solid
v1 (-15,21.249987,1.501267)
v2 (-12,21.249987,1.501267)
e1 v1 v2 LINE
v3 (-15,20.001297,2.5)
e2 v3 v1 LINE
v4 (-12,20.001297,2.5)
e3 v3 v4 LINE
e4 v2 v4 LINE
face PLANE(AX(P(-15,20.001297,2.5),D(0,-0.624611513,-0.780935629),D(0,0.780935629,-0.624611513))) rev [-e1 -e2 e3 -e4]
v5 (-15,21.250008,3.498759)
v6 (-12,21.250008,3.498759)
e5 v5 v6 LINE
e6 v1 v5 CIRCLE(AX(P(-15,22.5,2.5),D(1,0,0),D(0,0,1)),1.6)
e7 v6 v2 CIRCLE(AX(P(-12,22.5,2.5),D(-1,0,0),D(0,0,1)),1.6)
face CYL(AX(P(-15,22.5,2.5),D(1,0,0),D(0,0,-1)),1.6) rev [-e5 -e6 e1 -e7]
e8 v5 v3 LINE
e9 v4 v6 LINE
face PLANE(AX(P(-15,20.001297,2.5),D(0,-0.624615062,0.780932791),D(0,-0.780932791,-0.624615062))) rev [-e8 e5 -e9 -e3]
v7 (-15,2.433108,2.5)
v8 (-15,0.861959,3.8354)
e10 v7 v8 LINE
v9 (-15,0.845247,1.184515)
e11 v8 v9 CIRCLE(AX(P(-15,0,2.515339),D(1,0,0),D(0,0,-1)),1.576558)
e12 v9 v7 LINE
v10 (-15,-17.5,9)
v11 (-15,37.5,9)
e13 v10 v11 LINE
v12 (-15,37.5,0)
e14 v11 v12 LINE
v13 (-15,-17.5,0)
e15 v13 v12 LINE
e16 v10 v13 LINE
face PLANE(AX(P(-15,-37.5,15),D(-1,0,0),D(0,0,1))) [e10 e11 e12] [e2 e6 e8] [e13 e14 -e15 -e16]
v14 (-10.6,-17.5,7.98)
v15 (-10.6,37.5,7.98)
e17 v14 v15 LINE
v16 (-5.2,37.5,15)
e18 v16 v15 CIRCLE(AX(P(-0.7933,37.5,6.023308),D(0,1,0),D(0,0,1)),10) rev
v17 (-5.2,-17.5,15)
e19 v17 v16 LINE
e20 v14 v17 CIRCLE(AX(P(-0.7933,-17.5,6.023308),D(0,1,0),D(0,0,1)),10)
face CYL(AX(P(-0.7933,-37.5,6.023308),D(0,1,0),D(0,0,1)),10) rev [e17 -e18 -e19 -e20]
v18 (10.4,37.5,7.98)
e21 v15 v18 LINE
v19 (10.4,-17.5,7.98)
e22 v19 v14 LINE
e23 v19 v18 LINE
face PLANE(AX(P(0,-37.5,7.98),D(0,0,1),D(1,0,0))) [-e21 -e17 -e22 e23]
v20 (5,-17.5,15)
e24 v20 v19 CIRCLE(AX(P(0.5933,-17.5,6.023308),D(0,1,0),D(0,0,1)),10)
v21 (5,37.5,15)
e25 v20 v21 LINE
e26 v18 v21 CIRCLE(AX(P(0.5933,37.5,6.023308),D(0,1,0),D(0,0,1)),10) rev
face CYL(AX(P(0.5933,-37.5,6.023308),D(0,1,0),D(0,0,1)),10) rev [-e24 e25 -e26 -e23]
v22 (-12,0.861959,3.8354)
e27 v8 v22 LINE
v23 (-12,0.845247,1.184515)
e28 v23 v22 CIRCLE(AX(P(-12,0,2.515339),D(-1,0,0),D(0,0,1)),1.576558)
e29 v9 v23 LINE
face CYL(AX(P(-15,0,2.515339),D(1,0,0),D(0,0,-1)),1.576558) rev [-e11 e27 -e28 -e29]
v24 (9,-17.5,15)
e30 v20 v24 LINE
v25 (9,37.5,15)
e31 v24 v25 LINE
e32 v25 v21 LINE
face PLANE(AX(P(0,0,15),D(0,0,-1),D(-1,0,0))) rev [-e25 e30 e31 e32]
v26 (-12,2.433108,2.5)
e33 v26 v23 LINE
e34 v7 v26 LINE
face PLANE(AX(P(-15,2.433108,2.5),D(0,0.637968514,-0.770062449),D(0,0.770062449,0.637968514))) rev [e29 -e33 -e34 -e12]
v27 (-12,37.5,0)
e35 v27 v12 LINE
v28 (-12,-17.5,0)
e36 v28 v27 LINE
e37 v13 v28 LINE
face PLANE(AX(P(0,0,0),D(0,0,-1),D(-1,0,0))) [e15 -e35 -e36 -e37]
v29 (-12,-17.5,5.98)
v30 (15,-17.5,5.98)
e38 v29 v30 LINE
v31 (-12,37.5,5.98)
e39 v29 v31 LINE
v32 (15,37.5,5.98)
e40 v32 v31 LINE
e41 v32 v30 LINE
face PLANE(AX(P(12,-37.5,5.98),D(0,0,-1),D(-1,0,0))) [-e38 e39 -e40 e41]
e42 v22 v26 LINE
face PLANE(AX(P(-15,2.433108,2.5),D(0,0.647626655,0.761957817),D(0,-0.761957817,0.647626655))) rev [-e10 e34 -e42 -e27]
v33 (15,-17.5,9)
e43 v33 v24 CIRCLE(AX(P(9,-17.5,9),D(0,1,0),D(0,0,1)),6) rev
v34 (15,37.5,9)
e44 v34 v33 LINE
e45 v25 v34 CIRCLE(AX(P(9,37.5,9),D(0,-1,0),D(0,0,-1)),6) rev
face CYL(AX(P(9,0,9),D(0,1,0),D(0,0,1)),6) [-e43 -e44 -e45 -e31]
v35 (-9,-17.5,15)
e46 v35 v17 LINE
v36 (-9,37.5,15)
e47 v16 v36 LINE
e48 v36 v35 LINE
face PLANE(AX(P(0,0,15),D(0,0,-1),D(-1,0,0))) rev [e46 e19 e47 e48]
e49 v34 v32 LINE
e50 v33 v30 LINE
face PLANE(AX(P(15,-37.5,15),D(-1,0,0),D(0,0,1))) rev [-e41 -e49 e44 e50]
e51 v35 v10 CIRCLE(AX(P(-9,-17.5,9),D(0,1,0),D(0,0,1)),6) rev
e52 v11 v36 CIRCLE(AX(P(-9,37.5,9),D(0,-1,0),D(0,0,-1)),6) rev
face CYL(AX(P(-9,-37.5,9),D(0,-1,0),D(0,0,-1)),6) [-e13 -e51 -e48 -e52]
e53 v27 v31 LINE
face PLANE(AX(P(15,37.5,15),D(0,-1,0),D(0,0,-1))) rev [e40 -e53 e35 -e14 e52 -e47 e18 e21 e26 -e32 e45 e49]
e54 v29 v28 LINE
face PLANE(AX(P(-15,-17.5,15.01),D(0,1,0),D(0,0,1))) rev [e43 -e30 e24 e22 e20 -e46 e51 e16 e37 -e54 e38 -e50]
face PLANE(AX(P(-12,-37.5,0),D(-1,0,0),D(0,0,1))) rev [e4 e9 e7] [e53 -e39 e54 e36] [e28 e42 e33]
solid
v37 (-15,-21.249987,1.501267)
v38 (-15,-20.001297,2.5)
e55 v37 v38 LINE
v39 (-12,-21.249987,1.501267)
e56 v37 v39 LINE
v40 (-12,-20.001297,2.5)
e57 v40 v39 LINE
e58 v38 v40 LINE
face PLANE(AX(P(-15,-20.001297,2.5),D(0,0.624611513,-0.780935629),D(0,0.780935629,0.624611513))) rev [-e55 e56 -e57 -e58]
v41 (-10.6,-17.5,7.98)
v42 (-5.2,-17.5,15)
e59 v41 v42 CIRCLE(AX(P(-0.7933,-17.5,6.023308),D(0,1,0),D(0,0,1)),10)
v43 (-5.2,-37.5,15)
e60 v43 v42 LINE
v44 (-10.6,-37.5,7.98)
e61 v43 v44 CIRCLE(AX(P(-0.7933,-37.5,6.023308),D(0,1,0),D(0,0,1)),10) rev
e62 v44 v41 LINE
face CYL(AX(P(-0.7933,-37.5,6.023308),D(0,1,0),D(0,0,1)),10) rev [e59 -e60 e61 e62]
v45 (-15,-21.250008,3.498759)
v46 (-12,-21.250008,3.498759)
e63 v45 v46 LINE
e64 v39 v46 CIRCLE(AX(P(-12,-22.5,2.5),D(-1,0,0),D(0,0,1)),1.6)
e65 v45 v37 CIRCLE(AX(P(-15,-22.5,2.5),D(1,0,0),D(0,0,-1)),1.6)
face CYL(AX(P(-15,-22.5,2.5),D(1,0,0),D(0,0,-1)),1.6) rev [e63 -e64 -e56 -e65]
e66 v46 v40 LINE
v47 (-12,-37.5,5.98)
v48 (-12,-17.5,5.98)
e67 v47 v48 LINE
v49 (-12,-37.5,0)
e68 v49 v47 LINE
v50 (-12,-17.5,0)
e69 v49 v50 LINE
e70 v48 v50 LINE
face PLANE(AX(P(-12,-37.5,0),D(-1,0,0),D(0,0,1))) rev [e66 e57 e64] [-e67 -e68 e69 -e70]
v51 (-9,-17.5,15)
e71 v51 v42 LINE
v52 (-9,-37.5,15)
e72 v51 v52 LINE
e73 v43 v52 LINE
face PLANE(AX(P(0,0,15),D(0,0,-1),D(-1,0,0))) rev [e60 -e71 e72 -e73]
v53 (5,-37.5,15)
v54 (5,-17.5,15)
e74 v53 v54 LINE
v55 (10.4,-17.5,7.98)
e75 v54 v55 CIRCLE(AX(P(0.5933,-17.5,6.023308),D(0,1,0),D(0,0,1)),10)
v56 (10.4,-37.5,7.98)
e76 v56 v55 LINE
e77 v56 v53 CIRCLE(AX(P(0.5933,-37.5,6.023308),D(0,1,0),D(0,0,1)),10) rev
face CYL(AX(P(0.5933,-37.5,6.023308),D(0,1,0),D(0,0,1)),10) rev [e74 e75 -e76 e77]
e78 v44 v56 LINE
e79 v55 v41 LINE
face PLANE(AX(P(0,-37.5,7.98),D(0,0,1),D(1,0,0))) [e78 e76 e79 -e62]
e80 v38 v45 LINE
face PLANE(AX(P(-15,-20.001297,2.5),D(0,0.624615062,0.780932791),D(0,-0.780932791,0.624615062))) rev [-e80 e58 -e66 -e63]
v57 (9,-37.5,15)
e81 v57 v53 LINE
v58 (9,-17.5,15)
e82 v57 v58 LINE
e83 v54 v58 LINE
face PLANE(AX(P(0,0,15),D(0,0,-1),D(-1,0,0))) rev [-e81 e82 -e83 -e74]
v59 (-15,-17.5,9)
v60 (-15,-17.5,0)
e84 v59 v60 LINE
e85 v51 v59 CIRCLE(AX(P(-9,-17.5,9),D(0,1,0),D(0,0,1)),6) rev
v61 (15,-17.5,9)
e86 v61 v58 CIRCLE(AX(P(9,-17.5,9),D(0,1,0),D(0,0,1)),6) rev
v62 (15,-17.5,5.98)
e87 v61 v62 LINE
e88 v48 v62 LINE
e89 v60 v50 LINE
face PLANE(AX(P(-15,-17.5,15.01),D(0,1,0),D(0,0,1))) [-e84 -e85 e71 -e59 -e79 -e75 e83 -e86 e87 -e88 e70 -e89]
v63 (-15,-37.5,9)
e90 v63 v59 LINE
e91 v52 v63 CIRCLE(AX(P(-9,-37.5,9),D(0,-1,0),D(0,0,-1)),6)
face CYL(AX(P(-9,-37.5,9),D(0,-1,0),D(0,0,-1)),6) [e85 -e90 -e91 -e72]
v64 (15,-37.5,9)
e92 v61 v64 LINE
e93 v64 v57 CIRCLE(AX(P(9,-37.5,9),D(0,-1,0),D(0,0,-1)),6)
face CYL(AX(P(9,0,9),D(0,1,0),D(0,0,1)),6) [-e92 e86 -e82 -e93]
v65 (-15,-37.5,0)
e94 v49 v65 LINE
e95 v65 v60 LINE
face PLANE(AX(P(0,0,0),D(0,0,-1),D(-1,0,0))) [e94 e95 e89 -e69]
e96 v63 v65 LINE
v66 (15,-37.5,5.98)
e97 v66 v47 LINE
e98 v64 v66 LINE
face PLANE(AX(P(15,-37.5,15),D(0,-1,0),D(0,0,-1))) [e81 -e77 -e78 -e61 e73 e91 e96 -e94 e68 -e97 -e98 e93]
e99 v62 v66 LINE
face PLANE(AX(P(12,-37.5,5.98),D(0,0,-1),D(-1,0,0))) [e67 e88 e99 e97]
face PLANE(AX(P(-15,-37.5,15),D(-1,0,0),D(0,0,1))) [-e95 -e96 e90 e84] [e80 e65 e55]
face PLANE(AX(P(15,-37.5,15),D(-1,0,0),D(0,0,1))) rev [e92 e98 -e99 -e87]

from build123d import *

# Parameters (mm, degrees)
SKETCH1_W              = 75
SKETCH1_H              = 30
BOSS_EXTRUDE1_DEPTH    = 15
SKETCH2_W              = 10.2
SKETCH2_H              = 7.02
SKETCH2_W_2            = 24
SKETCH2_H_2            = 5.98
CUT_EXTRUDE1_DEPTH     = 78.942286341
CUT_EXTRUDE2_DEPTH     = 51.311529494
FILLET2_R              = 6
SKETCH5_W              = 3
SKETCH5_H              = 5.98
CUT_EXTRUDE3_DEPTH     = 78.942286341
SPLIT1_SURFACE_1_BACK  = 83.158
SPLIT1_SURFACE_1_DEPTH = 166.316
SPLIT1_SURFACE_2_BACK  = 83.158
SPLIT1_SURFACE_2_DEPTH = 166.316


with BuildPart() as part:
    # Sketch1 → Boss-Extrude1 (new body)
    with BuildSketch(Plane(origin=(0, 0, 0), x_dir=(0, 1, 0), z_dir=(0, 0, 1))):
        Rectangle(SKETCH1_W, SKETCH1_H)
    extrude(amount=BOSS_EXTRUDE1_DEPTH)

    # Sketch2 → Cut-Extrude1 (cut, through all)
    with BuildSketch(Plane(origin=(0, 37.5, 0), x_dir=(-1, 0, 0), z_dir=(0, 1, 0))):
        with BuildLine():
            ThreePointArc((-10.4, 7.98), (-8.519540319, 12.12041563), (-5, 15))
            Line((-5, 15), (-5, 7.98))
            Line((-5, 7.98), (-10.4, 7.98))
        make_face()
        with Locations((0.1, 11.49)):
            Rectangle(SKETCH2_W, SKETCH2_H)
        with BuildLine():
            ThreePointArc((5.2, 15), (8.719540319, 12.12041563), (10.6, 7.98))
            Line((10.6, 7.98), (5.2, 7.98))
            Line((5.2, 7.98), (5.2, 15))
        make_face()
        with Locations((0, 2.99)):
            Rectangle(SKETCH2_W_2, SKETCH2_H_2)
    extrude(amount=-CUT_EXTRUDE1_DEPTH, mode=Mode.SUBTRACT)

    # Sketch3 → Cut-Extrude2 (cut, through all)
    with BuildSketch(Plane.YZ.offset(15)):
        with BuildLine():
            Line((2.433108223, 2.5), (0.861958837, 3.835399675))
            ThreePointArc((0.861958837, 3.835399675), (-1.576526263, 2.525277483), (0.845247168, 1.184515316))
            Line((0.845247168, 1.184515316), (2.433108223, 2.5))
        make_face()
        with BuildLine():
            Line((-20.001296975, 2.5), (-21.249987066, 1.50126697))
            ThreePointArc((-21.249987066, 1.50126697), (-24.1, 2.499983501), (-21.250007664, 3.49875881))
            Line((-21.250007664, 3.49875881), (-20.001296975, 2.5))
        make_face()
        with BuildLine():
            Line((20.001296975, 2.5), (21.249987066, 1.50126697))
            ThreePointArc((21.249987066, 1.50126697), (24.1, 2.499983501), (21.250007664, 3.49875881))
            Line((21.250007664, 3.49875881), (20.001296975, 2.5))
        make_face()
    extrude(amount=-CUT_EXTRUDE2_DEPTH, mode=Mode.SUBTRACT)

    # Fillet2
    fillet2_edges = [part.edges().sort_by_distance(p)[0] for p in [
        (15, 0, 15),
        (-15, 0, 15),
    ]]
    fillet(fillet2_edges, radius=FILLET2_R)

    # Sketch5 → Cut-Extrude3 (cut, through all)
    with BuildSketch(Plane.XZ.offset(37.5)):
        with Locations((13.5, 2.99)):
            Rectangle(SKETCH5_W, SKETCH5_H)
    extrude(amount=-CUT_EXTRUDE3_DEPTH, mode=Mode.SUBTRACT)


with BuildPart() as body_2:
    # Split1: the piece behind the surface
    add(part.part)
    # Split1 surface: a surface, the sketch's curves swept straight by 166.316 mm
    with BuildLine(Plane(origin=(0, 0, 0), x_dir=(1, 0, 0), z_dir=(0, 0, -1)).offset(-SPLIT1_SURFACE_1_BACK), mode=Mode.PRIVATE) as split1_surface_1_path:
        Line((-15, 17.5), (15, 17.5))
    split1_surface_1 = Shell.extrude(split1_surface_1_path.wire(), (0 * SPLIT1_SURFACE_1_DEPTH, 0 * SPLIT1_SURFACE_1_DEPTH, -1 * SPLIT1_SURFACE_1_DEPTH))
    split(bisect_by=split1_surface_1, keep=Keep.BOTTOM)


with BuildPart() as part_1:
    add(part.part)

    # Split1: split by a surface, the side it looks to stays
    # Split1 surface: a surface, the sketch's curves swept straight by 166.316 mm
    with BuildLine(Plane(origin=(0, 0, 0), x_dir=(1, 0, 0), z_dir=(0, 0, -1)).offset(-SPLIT1_SURFACE_2_BACK), mode=Mode.PRIVATE) as split1_surface_2_path:
        Line((-15, 17.5), (15, 17.5))
    split1_surface_2 = Shell.extrude(split1_surface_2_path.wire(), (0 * SPLIT1_SURFACE_2_DEPTH, 0 * SPLIT1_SURFACE_2_DEPTH, -1 * SPLIT1_SURFACE_2_DEPTH))
    split(bisect_by=split1_surface_2, keep=Keep.TOP)


solid = Compound([body_2.part, part_1.part])
